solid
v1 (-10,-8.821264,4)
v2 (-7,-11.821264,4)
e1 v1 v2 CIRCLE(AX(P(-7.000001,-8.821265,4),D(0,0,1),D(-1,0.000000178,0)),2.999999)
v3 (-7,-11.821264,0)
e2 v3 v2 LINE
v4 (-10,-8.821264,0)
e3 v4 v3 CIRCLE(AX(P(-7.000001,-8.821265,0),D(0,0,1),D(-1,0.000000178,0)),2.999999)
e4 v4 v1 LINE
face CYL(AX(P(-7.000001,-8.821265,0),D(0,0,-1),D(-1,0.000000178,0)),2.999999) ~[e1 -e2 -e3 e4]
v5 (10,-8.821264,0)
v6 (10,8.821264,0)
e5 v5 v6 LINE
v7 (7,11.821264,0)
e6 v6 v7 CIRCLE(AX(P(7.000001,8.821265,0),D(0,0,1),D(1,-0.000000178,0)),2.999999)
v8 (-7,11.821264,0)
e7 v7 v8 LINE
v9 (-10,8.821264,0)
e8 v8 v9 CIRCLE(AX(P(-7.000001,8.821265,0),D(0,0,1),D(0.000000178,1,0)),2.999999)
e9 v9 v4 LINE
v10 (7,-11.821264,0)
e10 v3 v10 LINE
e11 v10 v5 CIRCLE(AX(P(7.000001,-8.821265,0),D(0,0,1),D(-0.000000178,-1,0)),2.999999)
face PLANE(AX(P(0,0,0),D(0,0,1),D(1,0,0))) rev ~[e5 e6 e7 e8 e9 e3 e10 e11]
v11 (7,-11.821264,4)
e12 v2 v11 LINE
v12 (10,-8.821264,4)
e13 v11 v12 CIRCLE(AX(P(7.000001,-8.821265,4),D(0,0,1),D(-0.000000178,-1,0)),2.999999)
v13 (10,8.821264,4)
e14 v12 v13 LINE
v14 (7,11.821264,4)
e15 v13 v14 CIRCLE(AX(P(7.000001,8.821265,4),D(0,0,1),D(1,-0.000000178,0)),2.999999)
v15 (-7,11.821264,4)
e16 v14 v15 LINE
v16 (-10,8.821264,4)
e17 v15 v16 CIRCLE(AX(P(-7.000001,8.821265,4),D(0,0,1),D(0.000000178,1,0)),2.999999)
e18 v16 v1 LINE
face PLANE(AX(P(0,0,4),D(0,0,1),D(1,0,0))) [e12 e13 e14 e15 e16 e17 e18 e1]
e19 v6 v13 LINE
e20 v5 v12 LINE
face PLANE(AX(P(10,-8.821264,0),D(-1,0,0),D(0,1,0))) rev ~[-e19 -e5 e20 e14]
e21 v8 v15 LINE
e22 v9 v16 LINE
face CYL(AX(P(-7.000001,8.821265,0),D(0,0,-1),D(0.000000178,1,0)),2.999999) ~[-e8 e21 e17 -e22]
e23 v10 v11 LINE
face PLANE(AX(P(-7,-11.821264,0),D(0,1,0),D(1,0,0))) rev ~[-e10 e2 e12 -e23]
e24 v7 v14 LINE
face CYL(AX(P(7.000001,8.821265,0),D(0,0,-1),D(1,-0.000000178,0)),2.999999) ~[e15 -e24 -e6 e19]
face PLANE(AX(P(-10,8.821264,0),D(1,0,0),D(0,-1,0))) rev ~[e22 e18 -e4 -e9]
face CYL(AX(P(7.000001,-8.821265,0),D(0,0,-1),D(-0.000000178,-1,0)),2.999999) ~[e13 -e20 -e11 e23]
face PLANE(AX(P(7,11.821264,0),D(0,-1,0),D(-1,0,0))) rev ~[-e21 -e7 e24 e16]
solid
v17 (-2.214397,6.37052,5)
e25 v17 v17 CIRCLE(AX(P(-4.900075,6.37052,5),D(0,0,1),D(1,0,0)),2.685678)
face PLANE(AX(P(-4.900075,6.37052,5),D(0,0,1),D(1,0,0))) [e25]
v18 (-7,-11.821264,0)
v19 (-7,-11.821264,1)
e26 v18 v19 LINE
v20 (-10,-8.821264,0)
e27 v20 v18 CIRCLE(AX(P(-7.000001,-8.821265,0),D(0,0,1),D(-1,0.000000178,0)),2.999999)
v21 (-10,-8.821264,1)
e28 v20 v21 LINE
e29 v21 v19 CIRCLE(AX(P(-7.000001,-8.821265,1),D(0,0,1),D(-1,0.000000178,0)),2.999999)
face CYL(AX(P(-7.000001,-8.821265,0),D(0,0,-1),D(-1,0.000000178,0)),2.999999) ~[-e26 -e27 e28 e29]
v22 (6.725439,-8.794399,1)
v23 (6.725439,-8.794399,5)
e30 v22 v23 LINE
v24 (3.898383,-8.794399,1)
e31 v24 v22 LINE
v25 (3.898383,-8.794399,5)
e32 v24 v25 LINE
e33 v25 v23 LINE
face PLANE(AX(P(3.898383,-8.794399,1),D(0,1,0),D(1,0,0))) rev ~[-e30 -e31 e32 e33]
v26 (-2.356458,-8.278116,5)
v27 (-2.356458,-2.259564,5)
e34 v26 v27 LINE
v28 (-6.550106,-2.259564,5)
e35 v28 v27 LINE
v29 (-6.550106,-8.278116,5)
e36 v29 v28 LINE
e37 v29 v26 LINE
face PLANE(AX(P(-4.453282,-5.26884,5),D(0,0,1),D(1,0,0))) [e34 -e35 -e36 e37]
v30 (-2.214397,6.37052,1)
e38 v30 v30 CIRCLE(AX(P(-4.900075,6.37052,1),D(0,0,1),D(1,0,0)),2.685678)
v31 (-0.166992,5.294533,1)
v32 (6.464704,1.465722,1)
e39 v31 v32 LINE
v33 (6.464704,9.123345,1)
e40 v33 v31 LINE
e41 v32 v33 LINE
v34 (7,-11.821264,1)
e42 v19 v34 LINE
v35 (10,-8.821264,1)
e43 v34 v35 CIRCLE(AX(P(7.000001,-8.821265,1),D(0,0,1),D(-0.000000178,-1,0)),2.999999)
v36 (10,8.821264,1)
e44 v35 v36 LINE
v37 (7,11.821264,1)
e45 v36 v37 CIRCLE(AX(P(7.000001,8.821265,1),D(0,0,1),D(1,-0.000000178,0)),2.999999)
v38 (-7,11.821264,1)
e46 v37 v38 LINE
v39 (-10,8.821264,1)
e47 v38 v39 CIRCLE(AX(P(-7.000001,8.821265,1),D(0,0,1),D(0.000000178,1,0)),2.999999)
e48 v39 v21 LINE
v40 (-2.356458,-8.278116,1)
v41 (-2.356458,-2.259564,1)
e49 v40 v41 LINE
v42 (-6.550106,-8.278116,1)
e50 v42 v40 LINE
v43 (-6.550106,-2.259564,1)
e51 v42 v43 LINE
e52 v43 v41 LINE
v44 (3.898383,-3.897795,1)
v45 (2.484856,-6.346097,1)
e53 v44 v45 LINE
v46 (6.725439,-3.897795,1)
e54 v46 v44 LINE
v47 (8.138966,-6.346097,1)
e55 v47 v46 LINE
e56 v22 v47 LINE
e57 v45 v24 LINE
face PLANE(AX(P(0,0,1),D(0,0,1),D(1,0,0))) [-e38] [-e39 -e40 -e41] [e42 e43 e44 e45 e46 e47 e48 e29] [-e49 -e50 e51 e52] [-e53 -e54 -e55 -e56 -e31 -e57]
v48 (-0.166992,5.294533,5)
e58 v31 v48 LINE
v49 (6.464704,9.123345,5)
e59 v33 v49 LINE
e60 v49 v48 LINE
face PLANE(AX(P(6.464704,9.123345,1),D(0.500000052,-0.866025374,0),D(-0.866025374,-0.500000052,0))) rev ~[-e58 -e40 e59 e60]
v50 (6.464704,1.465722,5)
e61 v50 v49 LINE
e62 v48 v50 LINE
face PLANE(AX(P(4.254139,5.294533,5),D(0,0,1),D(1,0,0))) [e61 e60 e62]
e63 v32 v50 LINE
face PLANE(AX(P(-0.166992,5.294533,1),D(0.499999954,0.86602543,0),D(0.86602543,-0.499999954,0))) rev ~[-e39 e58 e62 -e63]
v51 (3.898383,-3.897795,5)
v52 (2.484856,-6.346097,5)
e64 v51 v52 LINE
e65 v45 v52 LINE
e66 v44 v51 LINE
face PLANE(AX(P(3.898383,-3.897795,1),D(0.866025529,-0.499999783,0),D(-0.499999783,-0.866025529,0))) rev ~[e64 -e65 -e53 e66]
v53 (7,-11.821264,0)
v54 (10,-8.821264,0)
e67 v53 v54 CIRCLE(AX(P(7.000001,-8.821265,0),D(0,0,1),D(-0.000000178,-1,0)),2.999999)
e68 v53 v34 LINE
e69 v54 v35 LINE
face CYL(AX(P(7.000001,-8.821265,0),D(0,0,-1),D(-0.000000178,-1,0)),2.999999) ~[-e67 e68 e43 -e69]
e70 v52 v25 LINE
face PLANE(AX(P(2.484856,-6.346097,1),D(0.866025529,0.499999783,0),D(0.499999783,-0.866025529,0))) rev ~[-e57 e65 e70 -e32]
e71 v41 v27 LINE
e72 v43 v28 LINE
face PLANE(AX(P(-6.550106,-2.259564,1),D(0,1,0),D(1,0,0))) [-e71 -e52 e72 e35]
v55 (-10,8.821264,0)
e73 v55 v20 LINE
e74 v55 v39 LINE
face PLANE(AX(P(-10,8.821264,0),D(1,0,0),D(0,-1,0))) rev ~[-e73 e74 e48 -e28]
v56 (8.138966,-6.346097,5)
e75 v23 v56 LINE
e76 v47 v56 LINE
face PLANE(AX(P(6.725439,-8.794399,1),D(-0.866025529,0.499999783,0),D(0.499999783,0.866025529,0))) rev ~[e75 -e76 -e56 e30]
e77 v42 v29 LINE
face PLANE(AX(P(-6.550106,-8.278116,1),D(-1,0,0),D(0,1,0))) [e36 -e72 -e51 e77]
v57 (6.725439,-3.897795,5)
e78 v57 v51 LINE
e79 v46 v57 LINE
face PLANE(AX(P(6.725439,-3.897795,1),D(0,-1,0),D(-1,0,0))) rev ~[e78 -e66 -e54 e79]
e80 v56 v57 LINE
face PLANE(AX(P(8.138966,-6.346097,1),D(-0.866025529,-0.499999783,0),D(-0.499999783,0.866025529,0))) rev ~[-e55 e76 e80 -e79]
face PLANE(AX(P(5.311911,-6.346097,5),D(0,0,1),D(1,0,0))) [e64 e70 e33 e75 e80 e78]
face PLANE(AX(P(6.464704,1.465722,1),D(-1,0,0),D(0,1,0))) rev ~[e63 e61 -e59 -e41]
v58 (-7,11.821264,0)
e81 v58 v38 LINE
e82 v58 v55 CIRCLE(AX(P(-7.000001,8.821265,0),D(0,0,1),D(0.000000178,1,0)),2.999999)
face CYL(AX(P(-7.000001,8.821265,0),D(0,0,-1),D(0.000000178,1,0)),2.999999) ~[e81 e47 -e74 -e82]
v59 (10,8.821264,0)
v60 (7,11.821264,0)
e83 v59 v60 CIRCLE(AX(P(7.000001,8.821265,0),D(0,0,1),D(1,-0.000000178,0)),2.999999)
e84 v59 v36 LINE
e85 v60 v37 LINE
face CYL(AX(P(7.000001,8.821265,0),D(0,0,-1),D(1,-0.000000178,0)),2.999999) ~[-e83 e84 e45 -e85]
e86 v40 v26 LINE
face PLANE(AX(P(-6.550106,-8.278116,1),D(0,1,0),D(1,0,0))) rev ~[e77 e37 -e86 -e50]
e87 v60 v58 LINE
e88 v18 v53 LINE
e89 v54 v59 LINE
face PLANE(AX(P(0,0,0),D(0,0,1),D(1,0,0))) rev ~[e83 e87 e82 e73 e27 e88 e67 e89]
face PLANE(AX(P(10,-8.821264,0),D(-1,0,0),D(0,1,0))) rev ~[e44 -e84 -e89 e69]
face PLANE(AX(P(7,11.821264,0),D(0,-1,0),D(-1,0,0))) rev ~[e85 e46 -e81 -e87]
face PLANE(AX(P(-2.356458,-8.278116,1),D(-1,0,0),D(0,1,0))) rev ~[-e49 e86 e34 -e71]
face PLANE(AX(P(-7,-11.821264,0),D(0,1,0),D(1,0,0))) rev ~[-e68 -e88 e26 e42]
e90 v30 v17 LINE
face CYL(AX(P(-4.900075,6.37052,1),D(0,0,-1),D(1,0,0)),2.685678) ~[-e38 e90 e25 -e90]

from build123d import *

# Parameters (mm, degrees)
F1_DEPTH = 1
F2_R     = 2.685678
F2_W     = 4.193648
F2_H     = 6.018553
F3_DEPTH = 4
F4_DEPTH = 4


with BuildPart() as f1:
    # F0 (on Top) → F1 (new body)
    with BuildSketch(Plane.XY):
        with BuildLine():
            Line((-7, -11.821264), (7, -11.821264))
            ThreePointArc((7, -11.821264), (9.12132, -10.942585), (10, -8.821264))
            Line((10, -8.821264), (10, 8.821264))
            ThreePointArc((10, 8.821264), (9.12132, 10.942585), (7, 11.821264))
            Line((7, 11.821264), (-7, 11.821264))
            ThreePointArc((-7, 11.821264), (-9.12132, 10.942585), (-10, 8.821264))
            Line((-10, 8.821264), (-10, -8.821264))
            ThreePointArc((-10, -8.821264), (-9.12132, -10.942585), (-7, -11.821264))
        make_face()
    extrude(amount=F1_DEPTH)

    # F2 (on face) → F3 (join)
    with BuildSketch(Plane.XY.offset(1)):
        with Locations((-4.900075, 6.37052)):
            Circle(F2_R)
        with Locations((-4.453282, -5.26884)):
            Rectangle(F2_W, F2_H)
        Polygon((6.725439, -3.897795), (3.898383, -3.897795), (2.484856, -6.346097), (3.898383, -8.794399), (6.725439, -8.794399), (8.138966, -6.346097), align=None)
        Polygon((6.464704, 1.465722), (6.464704, 9.123345), (-0.166992, 5.294533), align=None)
    extrude(amount=F3_DEPTH)


with BuildPart() as f4:
    # F0 (on Top) → F4 (new body)
    with BuildSketch(Plane.XY):
        with BuildLine():
            Line((-7, -11.821264), (7, -11.821264))
            ThreePointArc((7, -11.821264), (9.12132, -10.942585), (10, -8.821264))
            Line((10, -8.821264), (10, 8.821264))
            ThreePointArc((10, 8.821264), (9.12132, 10.942585), (7, 11.821264))
            Line((7, 11.821264), (-7, 11.821264))
            ThreePointArc((-7, 11.821264), (-9.12132, 10.942585), (-10, 8.821264))
            Line((-10, 8.821264), (-10, -8.821264))
            ThreePointArc((-10, -8.821264), (-9.12132, -10.942585), (-7, -11.821264))
        make_face()
    extrude(amount=F4_DEPTH)


solid = Compound([f1.part, f4.part])
